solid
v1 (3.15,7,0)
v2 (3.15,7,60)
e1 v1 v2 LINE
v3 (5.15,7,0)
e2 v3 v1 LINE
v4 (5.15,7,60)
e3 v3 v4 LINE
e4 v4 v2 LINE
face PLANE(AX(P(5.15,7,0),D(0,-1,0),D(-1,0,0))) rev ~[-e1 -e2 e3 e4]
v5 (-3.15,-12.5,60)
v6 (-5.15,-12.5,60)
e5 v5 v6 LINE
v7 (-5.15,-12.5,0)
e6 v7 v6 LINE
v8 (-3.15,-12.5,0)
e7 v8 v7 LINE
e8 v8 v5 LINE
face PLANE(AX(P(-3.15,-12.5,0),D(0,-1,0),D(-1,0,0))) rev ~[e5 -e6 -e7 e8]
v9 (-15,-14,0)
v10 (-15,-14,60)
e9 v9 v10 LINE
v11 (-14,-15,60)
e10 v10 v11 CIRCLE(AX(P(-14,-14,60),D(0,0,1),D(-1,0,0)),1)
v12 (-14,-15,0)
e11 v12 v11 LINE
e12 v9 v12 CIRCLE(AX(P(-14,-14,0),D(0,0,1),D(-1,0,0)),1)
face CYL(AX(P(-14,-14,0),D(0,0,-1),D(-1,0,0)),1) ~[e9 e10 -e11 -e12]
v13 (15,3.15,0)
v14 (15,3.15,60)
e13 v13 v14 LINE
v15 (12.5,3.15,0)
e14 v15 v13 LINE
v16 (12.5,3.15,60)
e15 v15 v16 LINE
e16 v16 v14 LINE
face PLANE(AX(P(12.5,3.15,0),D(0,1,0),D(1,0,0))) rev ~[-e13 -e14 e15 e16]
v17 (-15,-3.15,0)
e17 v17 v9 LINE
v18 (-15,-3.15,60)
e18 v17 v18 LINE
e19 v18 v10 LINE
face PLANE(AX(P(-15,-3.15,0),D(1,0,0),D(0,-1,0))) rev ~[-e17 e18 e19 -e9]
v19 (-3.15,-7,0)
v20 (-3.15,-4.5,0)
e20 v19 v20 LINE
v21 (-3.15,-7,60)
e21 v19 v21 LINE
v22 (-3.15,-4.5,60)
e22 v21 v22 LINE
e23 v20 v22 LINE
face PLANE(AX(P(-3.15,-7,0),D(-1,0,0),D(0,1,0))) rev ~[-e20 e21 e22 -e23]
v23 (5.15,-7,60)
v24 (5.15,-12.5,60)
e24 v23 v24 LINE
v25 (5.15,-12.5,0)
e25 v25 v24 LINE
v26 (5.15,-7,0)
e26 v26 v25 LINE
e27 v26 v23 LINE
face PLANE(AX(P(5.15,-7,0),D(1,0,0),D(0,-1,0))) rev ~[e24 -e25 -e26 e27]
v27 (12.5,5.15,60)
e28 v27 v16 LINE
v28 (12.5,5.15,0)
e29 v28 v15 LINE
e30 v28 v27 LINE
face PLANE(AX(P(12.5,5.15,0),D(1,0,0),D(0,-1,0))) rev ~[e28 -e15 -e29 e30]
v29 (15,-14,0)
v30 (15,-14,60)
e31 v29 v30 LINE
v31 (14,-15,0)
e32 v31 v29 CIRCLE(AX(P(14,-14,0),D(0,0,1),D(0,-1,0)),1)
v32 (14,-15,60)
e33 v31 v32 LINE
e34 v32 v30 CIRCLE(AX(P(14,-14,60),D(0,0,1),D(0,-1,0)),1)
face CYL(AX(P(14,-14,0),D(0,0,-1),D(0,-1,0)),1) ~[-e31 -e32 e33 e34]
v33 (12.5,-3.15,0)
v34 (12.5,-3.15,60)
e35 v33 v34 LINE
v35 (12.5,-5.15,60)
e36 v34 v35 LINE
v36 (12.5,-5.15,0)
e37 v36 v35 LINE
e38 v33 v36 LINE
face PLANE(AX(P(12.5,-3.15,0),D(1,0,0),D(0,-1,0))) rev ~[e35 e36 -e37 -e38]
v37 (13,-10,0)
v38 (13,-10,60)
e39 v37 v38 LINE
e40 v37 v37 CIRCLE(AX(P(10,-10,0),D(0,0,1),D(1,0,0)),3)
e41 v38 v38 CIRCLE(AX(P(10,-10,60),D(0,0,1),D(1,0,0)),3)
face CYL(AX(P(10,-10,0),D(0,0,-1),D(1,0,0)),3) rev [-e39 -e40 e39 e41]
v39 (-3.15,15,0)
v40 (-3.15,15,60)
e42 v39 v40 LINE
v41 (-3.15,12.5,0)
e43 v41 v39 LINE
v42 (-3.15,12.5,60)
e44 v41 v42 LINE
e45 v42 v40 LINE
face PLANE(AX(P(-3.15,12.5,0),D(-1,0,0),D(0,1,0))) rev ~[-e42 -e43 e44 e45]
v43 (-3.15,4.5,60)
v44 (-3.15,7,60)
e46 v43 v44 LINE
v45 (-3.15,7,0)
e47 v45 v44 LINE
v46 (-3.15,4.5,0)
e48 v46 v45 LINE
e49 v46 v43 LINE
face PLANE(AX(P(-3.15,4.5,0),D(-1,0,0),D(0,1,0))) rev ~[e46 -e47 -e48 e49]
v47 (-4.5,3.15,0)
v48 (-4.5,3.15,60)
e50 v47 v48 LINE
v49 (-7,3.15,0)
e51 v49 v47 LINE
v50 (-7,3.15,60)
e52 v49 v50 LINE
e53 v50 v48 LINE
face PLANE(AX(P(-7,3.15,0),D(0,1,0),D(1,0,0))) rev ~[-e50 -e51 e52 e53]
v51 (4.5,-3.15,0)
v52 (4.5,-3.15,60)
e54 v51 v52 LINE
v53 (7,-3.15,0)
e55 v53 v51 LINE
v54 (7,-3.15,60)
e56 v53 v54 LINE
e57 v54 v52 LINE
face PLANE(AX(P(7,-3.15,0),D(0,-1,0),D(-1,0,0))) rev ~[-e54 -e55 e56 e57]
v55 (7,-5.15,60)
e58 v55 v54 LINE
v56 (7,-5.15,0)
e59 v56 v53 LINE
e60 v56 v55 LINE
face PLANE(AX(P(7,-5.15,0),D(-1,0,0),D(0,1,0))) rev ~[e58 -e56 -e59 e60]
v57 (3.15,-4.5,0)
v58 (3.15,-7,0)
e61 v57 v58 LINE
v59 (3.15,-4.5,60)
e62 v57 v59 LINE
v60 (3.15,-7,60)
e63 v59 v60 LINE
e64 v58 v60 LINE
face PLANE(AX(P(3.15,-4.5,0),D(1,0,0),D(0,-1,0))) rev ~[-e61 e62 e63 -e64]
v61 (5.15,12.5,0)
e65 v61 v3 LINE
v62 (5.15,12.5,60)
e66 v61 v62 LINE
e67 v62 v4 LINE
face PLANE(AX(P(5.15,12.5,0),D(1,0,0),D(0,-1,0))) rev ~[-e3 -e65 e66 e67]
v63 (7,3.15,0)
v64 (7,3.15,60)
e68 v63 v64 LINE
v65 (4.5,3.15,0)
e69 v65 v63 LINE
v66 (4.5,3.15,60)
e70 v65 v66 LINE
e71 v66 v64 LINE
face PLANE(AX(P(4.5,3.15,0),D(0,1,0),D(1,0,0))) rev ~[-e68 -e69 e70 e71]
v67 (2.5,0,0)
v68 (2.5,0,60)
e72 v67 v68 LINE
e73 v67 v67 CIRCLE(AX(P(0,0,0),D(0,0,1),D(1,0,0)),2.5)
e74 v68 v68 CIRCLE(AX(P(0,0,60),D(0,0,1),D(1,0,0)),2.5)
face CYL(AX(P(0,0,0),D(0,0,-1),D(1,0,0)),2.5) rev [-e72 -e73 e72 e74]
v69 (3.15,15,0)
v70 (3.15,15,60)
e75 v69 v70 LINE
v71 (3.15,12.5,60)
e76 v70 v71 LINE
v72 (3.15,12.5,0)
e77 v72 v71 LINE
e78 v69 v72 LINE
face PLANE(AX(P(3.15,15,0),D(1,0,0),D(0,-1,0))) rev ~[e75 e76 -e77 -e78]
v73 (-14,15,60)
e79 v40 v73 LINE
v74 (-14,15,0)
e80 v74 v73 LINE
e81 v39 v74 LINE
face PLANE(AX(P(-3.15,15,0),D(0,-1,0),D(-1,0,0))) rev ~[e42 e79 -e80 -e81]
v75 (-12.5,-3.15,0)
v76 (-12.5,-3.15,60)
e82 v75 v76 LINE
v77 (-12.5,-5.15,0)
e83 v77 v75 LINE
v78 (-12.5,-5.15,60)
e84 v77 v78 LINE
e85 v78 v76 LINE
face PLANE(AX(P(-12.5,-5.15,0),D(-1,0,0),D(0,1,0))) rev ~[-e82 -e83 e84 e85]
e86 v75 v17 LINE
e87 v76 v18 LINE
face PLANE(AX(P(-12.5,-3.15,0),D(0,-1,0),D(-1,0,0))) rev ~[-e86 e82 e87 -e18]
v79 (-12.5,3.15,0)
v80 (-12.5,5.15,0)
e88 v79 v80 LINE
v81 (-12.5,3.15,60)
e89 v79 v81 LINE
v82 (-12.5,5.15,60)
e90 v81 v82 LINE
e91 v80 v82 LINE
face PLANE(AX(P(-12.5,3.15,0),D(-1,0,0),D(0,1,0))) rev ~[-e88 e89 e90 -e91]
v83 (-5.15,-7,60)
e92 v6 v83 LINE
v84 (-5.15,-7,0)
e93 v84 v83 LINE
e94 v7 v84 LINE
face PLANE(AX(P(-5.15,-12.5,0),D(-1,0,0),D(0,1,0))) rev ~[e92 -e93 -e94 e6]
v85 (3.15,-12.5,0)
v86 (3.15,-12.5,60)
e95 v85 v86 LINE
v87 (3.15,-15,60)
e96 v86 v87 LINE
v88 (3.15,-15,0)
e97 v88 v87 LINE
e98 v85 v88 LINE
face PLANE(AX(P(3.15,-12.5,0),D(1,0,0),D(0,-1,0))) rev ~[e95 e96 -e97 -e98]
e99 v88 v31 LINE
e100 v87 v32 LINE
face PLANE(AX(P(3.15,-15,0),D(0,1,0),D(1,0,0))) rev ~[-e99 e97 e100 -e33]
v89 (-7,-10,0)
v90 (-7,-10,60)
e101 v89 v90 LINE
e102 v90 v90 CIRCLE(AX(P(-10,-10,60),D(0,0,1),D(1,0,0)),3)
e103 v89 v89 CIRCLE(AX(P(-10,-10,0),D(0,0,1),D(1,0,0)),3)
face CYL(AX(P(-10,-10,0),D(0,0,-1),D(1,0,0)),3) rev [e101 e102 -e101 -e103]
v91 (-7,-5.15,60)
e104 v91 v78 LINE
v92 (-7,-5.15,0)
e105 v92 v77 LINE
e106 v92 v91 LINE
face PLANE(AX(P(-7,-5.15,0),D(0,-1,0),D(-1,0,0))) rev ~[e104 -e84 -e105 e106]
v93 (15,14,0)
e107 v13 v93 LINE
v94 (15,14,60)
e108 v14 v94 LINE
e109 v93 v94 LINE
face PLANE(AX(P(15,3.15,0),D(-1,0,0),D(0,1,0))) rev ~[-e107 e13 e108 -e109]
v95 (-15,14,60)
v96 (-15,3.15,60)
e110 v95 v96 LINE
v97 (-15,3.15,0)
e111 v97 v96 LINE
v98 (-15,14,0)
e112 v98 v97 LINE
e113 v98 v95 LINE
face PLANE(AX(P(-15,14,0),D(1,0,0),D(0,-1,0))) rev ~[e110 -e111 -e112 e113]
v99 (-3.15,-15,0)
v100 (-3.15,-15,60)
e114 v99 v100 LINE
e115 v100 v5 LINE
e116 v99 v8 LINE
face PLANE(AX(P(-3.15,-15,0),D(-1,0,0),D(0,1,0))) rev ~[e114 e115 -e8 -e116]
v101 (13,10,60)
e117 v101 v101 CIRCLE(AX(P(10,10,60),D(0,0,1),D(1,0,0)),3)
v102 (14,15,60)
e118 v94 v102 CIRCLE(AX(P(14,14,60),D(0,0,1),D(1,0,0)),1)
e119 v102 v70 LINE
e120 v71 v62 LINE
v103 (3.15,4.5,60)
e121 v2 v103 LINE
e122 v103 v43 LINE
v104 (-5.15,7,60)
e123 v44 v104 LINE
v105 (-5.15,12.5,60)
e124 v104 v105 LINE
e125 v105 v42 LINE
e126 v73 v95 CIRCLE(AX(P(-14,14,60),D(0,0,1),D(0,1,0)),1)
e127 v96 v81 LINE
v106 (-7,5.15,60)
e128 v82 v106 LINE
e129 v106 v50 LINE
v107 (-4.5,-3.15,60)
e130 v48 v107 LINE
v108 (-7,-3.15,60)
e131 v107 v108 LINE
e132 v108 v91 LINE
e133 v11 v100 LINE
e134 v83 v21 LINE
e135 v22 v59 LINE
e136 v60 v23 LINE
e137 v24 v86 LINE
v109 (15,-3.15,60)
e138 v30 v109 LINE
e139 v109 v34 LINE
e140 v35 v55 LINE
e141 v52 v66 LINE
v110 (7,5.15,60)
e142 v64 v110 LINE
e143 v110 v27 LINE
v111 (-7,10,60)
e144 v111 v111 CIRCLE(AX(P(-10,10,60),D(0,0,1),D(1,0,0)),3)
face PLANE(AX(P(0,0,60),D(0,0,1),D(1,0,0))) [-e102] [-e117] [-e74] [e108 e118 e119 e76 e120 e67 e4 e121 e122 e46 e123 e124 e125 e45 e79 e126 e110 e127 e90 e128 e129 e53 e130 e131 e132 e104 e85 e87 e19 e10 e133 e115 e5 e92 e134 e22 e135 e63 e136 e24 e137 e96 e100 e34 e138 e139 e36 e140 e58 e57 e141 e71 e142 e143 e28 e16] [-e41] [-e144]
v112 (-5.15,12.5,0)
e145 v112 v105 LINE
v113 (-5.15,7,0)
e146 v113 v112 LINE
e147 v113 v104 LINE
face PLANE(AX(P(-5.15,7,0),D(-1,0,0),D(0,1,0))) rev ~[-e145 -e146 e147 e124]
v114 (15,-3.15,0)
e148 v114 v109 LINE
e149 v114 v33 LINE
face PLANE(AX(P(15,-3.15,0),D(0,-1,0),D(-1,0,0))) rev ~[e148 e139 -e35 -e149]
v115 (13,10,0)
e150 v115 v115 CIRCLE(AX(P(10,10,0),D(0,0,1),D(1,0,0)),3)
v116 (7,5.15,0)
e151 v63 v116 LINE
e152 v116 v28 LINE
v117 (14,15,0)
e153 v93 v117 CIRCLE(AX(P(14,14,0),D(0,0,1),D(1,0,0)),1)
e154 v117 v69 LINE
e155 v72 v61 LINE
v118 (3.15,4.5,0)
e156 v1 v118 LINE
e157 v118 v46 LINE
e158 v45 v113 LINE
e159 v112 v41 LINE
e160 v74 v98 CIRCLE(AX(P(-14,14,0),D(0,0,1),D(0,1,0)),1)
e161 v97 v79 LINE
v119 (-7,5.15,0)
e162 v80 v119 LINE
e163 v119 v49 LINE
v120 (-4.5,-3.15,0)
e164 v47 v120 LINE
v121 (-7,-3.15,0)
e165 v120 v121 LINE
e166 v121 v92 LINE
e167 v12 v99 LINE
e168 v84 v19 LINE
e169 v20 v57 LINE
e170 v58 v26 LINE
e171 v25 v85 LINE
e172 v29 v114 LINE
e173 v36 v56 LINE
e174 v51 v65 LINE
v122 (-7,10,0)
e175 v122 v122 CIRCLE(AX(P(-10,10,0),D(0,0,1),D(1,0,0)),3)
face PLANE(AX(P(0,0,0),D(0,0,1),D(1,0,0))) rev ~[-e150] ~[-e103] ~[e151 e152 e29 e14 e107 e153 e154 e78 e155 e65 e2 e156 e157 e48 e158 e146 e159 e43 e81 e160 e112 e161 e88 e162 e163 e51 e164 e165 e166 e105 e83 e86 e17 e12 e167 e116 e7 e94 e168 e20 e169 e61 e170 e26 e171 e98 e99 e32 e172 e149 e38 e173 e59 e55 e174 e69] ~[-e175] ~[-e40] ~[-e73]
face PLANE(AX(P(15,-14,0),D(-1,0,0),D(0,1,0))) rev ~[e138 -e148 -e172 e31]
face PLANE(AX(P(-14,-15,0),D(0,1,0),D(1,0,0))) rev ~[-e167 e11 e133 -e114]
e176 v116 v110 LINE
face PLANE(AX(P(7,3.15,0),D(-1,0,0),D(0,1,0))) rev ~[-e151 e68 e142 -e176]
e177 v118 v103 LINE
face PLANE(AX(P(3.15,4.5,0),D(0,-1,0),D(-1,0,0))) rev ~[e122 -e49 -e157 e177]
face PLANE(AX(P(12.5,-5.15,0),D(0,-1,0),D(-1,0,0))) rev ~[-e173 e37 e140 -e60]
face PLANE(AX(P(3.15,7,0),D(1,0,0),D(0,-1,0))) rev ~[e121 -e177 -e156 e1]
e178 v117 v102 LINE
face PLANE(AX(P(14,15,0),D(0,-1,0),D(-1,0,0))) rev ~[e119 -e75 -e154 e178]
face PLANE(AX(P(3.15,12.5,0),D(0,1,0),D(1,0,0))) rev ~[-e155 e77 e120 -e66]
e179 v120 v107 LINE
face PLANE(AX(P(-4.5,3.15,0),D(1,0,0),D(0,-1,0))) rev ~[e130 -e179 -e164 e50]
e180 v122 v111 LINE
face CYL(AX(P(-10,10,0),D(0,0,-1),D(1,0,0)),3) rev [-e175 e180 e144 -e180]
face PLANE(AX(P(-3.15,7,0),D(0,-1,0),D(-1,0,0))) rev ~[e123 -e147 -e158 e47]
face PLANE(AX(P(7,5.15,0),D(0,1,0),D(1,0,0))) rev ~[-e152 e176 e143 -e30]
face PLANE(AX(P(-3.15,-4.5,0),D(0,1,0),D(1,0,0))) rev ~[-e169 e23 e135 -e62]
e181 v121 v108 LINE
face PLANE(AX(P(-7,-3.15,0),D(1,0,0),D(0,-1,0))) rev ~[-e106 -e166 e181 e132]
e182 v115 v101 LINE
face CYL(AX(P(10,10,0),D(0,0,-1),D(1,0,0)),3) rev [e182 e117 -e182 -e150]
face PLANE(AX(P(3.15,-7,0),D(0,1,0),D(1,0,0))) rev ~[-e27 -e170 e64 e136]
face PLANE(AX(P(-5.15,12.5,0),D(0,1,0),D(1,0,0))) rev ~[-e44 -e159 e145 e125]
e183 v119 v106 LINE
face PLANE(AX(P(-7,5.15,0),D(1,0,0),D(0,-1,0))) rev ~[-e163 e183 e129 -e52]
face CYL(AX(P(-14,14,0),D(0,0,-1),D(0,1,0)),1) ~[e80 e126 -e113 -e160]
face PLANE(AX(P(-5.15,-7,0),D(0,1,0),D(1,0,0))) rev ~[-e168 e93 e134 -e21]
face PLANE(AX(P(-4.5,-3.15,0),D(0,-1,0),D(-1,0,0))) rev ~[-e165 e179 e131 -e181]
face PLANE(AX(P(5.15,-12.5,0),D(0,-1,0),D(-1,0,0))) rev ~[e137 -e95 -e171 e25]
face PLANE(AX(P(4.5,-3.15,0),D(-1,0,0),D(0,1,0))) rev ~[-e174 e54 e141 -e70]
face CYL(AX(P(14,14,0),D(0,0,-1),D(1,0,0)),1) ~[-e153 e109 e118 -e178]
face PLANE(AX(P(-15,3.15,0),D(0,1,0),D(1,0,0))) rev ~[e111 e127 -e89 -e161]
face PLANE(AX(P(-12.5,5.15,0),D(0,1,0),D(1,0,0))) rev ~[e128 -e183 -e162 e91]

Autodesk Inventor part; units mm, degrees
ref_plane "YZ Plane" through (0, 0, 0) normal (1, 0, 0) x (0, 1, 0)
ref_plane "XZ Plane" through (0, 0, 0) normal (0, 1, 0) x (-1, 0, 0)
ref_plane "XY Plane" through (0, 0, 0) normal (0, 0, 1) x (1, 0, 0)
feature "ソリッド1" [suppressed]
sketch "スケッチ2" plane through (0, 0, 0) normal (0, 0, 1) x (1, 0, 0)
  line L0 (-12.5, 5.15) -> (-7, 5.15) projected
  line L1 (-7, 5.15) -> (-7, 3.15) projected
  line L2 (-7, 3.15) -> (-4.5, 3.15) projected
  line L3 (-4.5, 3.15) -> (-4.5, -3.15) projected
  line L4 (-4.5, -3.15) -> (-7, -3.15) projected
  line L5 (-7, -3.15) -> (-7, -5.15) projected
  line L6 (-7, -5.15) -> (-12.5, -5.15) projected
  line L7 (-12.5, -5.15) -> (-12.5, -3.15) projected
  line L8 (-12.5, -3.15) -> (-15, -3.15) projected
  line L9 (-15, -3.15) -> (-15, -14) projected
  arc A0 (-15, -14) -> (-14, -15) centre (-14, -14) ccw projected
  line L10 (-14, -15) -> (-3.15, -15) projected
  line L11 (-3.15, -15) -> (-3.15, -12.5) projected
  line L12 (-3.15, -12.5) -> (-5.15, -12.5) projected
  line L13 (-5.15, -12.5) -> (-5.15, -7) projected
  line L14 (-5.15, -7) -> (-3.15, -7) projected
  line L15 (-3.15, -7) -> (-3.15, -4.5) projected
  line L16 (-3.15, -4.5) -> (3.15, -4.5) projected
  line L17 (3.15, -4.5) -> (3.15, -7) projected
  line L18 (3.15, -7) -> (5.15, -7) projected
  line L19 (5.15, -7) -> (5.15, -12.5) projected
  line L20 (5.15, -12.5) -> (3.15, -12.5) projected
  line L21 (3.15, -12.5) -> (3.15, -15) projected
  line L22 (3.15, -15) -> (14, -15) projected
  arc A1 (14, -15) -> (15, -14) centre (14, -14) ccw projected
  line L23 (15, -14) -> (15, -3.15) projected
  line L24 (15, -3.15) -> (12.5, -3.15) projected
  line L25 (12.5, -3.15) -> (12.5, -5.15) projected
  line L26 (12.5, -5.15) -> (7, -5.15) projected
  line L27 (7, -5.15) -> (7, -3.15) projected
  line L28 (7, -3.15) -> (4.5, -3.15) projected
  line L29 (4.5, -3.15) -> (4.5, 3.15) projected
  line L30 (4.5, 3.15) -> (7, 3.15) projected
  line L31 (7, 3.15) -> (7, 5.15) projected
  line L32 (7, 5.15) -> (12.5, 5.15) projected
  line L33 (12.5, 5.15) -> (12.5, 3.15) projected
  line L34 (12.5, 3.15) -> (15, 3.15) projected
  line L35 (15, 3.15) -> (15, 14) projected
  arc A2 (15, 14) -> (14, 15) centre (14, 14) ccw projected
  line L36 (14, 15) -> (3.15, 15) projected
  line L37 (3.15, 15) -> (3.15, 12.5) projected
  line L38 (3.15, 12.5) -> (5.15, 12.5) projected
  line L39 (5.15, 12.5) -> (5.15, 7) projected
  line L40 (5.15, 7) -> (3.15, 7) projected
  line L41 (3.15, 7) -> (3.15, 4.5) projected
  line L42 (3.15, 4.5) -> (-3.15, 4.5) projected
  line L43 (-3.15, 4.5) -> (-3.15, 7) projected
  line L44 (-3.15, 7) -> (-5.15, 7) projected
  line L45 (-5.15, 7) -> (-5.15, 12.5) projected
  line L46 (-5.15, 12.5) -> (-3.15, 12.5) projected
  line L47 (-3.15, 12.5) -> (-3.15, 15) projected
  line L48 (-3.15, 15) -> (-14, 15) projected
  arc A3 (-14, 15) -> (-15, 14) centre (-14, 14) ccw projected
  line L49 (-15, 14) -> (-15, 3.15) projected
  line L50 (-15, 3.15) -> (-12.5, 3.15) projected
  line L51 (-12.5, 3.15) -> (-12.5, 5.15) projected
  circle A4 centre (10, 10) radius 3 projected
  circle A5 centre (-10, 10) radius 3 projected
  circle A6 centre (-10, -10) radius 3 projected
  circle A7 centre (10, -10) radius 3 projected
  circle A8 centre (0, 0) radius 2.5 projected
extrude "押し出し1" add sketch "スケッチ2" along normal blind 60
equation "\"d1\" = L"
equation "\"L\" = 60"
properties part number "AFS-3030-60"
